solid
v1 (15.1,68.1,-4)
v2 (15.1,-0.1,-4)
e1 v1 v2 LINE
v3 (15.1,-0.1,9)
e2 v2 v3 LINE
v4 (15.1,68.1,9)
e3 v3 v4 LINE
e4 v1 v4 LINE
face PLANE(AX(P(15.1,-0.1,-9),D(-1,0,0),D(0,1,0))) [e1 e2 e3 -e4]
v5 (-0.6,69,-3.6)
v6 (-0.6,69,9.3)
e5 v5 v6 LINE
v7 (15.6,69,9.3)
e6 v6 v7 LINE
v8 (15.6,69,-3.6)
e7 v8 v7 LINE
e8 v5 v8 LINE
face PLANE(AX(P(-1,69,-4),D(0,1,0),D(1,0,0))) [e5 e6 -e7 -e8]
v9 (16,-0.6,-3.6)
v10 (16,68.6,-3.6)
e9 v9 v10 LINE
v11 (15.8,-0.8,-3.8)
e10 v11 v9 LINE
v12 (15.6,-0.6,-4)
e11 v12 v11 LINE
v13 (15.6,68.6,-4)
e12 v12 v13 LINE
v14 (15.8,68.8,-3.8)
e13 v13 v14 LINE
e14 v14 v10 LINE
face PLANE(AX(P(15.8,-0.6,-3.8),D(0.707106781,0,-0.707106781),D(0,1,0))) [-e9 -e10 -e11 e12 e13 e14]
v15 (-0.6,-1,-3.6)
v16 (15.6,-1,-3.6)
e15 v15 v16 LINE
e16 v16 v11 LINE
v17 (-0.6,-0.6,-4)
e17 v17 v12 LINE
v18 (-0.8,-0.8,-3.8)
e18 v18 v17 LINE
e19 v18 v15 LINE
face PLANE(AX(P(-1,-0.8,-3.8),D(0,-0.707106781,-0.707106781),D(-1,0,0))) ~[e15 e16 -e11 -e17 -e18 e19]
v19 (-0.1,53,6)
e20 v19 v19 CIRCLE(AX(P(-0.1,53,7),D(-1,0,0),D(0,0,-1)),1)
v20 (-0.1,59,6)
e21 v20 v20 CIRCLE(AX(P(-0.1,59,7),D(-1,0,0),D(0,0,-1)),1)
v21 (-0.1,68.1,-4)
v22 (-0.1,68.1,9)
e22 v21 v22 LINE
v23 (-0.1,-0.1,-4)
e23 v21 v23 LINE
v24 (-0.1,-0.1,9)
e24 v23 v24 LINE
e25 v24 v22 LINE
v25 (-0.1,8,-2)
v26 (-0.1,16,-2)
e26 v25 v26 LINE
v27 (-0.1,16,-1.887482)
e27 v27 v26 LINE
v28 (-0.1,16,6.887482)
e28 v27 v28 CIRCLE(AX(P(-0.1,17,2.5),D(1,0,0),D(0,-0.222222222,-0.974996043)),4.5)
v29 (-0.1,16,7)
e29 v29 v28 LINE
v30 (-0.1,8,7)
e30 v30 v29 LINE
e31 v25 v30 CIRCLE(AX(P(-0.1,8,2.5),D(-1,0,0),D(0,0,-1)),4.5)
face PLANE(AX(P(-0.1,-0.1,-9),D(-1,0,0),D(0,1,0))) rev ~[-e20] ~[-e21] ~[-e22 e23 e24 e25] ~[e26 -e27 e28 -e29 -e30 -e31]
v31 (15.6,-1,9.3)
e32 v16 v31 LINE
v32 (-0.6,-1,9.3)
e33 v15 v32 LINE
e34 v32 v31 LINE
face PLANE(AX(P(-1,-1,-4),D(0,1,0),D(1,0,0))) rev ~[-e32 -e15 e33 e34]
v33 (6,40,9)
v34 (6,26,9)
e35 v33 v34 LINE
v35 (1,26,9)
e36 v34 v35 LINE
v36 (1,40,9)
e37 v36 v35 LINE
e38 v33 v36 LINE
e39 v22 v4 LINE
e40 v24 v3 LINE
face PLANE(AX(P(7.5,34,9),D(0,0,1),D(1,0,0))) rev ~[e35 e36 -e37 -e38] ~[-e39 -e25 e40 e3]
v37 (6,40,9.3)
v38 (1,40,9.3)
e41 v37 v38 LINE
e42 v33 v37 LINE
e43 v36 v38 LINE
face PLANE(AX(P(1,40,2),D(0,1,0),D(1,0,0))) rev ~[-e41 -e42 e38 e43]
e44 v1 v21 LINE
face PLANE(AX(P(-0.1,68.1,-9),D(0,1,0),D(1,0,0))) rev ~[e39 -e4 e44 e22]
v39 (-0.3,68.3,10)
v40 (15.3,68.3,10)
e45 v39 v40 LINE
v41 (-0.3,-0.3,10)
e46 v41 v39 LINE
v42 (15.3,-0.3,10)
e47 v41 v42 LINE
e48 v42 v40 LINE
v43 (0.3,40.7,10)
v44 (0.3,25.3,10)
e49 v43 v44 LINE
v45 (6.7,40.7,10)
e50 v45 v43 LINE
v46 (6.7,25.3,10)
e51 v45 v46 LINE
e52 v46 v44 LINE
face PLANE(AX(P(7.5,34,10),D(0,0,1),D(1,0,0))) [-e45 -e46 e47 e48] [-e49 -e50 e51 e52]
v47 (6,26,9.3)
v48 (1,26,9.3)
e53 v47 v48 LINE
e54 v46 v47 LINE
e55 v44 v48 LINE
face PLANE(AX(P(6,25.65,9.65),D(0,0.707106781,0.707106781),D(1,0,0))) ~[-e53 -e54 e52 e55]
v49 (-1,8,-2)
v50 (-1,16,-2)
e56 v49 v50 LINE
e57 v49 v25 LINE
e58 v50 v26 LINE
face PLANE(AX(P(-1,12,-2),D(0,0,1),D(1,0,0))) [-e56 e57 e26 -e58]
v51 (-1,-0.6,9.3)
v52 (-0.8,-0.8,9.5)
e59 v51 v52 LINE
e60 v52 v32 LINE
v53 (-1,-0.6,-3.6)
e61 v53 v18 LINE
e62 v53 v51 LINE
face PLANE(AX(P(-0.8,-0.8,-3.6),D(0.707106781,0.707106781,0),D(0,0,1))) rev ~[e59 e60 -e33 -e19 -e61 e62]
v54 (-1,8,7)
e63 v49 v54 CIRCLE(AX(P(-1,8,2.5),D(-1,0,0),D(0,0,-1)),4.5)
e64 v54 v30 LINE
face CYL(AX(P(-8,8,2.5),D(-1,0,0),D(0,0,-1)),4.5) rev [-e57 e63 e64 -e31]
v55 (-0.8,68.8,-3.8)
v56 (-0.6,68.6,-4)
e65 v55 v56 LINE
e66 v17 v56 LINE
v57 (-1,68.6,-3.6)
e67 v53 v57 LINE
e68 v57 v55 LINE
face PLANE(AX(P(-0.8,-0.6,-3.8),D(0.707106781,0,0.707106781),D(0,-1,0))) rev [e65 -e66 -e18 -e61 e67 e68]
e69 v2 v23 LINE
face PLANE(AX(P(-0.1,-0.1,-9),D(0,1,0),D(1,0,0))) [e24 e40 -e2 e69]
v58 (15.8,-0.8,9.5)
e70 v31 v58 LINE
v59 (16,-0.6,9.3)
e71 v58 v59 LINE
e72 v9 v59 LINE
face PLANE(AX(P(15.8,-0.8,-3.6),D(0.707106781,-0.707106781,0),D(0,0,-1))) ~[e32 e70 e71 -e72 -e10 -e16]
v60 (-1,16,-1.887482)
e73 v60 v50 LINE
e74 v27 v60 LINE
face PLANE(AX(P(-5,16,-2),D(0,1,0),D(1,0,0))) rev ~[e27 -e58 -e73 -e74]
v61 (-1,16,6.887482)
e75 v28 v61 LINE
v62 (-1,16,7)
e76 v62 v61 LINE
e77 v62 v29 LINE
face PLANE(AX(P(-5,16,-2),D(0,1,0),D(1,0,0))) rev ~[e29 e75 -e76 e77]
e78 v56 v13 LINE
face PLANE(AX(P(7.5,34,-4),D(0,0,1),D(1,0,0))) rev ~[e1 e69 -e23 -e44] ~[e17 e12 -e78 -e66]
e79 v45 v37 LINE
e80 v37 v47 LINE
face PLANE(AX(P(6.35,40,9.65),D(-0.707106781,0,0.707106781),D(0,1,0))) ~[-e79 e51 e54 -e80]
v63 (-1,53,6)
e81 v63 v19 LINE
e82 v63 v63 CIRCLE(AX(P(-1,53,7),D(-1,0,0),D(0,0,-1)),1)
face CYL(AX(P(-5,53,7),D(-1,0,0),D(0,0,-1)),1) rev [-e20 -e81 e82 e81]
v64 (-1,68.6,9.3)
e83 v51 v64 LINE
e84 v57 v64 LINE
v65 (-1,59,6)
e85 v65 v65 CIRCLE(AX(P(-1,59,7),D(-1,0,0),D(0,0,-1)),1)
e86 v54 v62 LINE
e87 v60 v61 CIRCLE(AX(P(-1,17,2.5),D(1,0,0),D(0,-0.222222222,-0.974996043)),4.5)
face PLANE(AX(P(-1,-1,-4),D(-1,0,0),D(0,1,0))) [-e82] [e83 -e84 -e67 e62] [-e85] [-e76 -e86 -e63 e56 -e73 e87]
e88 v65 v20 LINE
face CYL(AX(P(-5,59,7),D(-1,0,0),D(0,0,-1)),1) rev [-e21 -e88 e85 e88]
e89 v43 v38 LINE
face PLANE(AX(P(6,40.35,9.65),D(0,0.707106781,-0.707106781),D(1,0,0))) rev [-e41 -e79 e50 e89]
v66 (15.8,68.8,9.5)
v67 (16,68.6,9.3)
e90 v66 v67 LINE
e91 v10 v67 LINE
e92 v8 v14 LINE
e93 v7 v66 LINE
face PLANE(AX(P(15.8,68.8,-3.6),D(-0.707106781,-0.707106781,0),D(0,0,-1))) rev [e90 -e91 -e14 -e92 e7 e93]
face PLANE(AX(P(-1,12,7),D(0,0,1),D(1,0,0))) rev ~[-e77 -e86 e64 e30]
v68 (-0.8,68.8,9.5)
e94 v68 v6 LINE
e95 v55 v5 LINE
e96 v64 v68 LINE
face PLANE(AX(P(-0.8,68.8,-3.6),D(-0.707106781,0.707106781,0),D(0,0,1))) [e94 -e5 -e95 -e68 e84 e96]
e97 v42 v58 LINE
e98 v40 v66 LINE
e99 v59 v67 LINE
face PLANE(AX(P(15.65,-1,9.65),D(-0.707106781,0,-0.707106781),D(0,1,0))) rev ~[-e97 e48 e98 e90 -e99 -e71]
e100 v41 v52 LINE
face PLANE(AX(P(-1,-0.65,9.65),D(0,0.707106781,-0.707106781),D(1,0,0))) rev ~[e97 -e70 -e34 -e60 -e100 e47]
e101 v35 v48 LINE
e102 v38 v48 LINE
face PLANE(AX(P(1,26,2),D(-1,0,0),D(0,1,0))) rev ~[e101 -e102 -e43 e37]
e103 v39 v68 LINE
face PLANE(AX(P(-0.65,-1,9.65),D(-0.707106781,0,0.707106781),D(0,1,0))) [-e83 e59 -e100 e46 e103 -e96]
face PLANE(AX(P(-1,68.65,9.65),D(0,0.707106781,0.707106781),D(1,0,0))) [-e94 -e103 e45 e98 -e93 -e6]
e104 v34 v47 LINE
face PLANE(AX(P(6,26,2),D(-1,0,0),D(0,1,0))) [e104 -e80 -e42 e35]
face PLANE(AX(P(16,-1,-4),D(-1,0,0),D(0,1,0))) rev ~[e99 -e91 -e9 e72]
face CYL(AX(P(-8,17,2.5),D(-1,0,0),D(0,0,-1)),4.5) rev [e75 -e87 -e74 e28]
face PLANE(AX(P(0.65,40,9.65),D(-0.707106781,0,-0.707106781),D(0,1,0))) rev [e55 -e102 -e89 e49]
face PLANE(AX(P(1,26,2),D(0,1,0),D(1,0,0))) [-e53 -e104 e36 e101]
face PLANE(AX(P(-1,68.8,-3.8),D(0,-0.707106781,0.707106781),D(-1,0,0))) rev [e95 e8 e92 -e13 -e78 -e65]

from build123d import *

# Parameters (mm, degrees)
BOX004_W          = 8
BOX004_H          = 8
BOX004_DEPTH      = 9
CYLINDER_R        = 1
CYLINDER_DEPTH    = 10
CYLINDER001_R     = 1
CYLINDER001_DEPTH = 10
CYLINDER002_R     = 4.5
CYLINDER002_DEPTH = 12
CYLINDER003_R     = 4.5
CYLINDER003_DEPTH = 12
BOX002_W          = 5
BOX002_H          = 14
BOX002_DEPTH      = 11
BOX_W             = 15.2
BOX_H             = 68.2
BOX_DEPTH         = 18
BOX001_W          = 17
BOX001_H          = 70
BOX001_DEPTH      = 14
CHAMFER_SIZE      = 0.7
CHAMFER001_SIZE   = 0.7
CHAMFER002_SIZE   = 0.4
CHAMFER003_SIZE   = 0.4
CHAMFER004_SIZE   = 0.4


with BuildPart() as cubo003:
    # Box004 → Box004 (new body)
    with BuildSketch(Plane(origin=(-5, 8, -2), x_dir=(1, 0, 0), z_dir=(0, 0, 1))):
        with Locations((4, 4)):
            Rectangle(BOX004_W, BOX004_H)
    extrude(amount=BOX004_DEPTH)


with BuildPart() as led1:
    # Cylinder → Cylinder (new body)
    with BuildSketch(Plane(origin=(-5, 59, 7), x_dir=(0, 0, -1), z_dir=(1, 0, 0))):
        Circle(CYLINDER_R)
    extrude(amount=CYLINDER_DEPTH)


with BuildPart() as cilindro:
    # Cylinder001 → Cylinder001 (new body)
    with BuildSketch(Plane(origin=(-5, 53, 7), x_dir=(0, 0, -1), z_dir=(1, 0, 0))):
        Circle(CYLINDER001_R)
    extrude(amount=CYLINDER001_DEPTH)


with BuildPart() as cilindro001:
    # Cylinder002 → Cylinder002 (new body)
    with BuildSketch(Plane(origin=(-8, 8, 2.5), x_dir=(0, 0, -1), z_dir=(1, 0, 0))):
        Circle(CYLINDER002_R)
    extrude(amount=CYLINDER002_DEPTH)


with BuildPart() as fusion:
    # Cylinder003 → Cylinder003 (new body)
    with BuildSketch(Plane(origin=(-8, 17, 2.5), x_dir=(0, 0, -1), z_dir=(1, 0, 0))):
        Circle(CYLINDER003_R)
    extrude(amount=CYLINDER003_DEPTH)

    # Fusion: union Cilindro001
    add(cilindro001.part)


with BuildPart() as cubo001:
    # Box002 → Box002 (new body)
    with BuildSketch(Plane(origin=(1, 26, 2), x_dir=(1, 0, 0), z_dir=(0, 0, 1))):
        with Locations((2.5, 7)):
            Rectangle(BOX002_W, BOX002_H)
    extrude(amount=BOX002_DEPTH)


with BuildPart() as foroslot:
    # Box → Box (new body)
    with BuildSketch(Plane(origin=(-0.1, -0.1, -9), x_dir=(1, 0, 0), z_dir=(0, 0, 1))):
        with Locations((7.6, 34.1)):
            Rectangle(BOX_W, BOX_H)
    extrude(amount=BOX_DEPTH)


with BuildPart() as cut006:
    # Box001 → Box001 (new body)
    with BuildSketch(Plane(origin=(-1, -1, -4), x_dir=(1, 0, 0), z_dir=(0, 0, 1))):
        with Locations((8.5, 35)):
            Rectangle(BOX001_W, BOX001_H)
    extrude(amount=BOX001_DEPTH)

    # Cut: cut foroSlot
    add(foroslot.part, mode=Mode.SUBTRACT)

    # Cut001: cut Cubo001
    add(cubo001.part, mode=Mode.SUBTRACT)

    # Chamfer
    chamfer_edges = [cut006.edges().sort_by_distance(p)[0] for p in [
        (3.5, 26, 10),
        (6, 33, 10),
        (3.5, 40, 10),
        (1, 33, 10),
    ]]
    chamfer(chamfer_edges, length=CHAMFER_SIZE)

    # Chamfer001
    chamfer001_edges = [cut006.edges().sort_by_distance(p)[0] for p in [
        (-1, 34, 10),
        (7.5, -1, 10),
        (16, 34, 10),
        (7.5, 69, 10),
    ]]
    chamfer(chamfer001_edges, length=CHAMFER001_SIZE)

    # Cut002: cut Fusion
    add(fusion.part, mode=Mode.SUBTRACT)

    # Cut003: cut Cilindro
    add(cilindro.part, mode=Mode.SUBTRACT)

    # Cut004: cut Led1
    add(led1.part, mode=Mode.SUBTRACT)

    # Chamfer002
    chamfer002_edges = [cut006.edges().sort_by_distance(p)[0] for p in [
        (7.5, -1, -4),
        (7.5, 69, -4),
    ]]
    chamfer(chamfer002_edges, length=CHAMFER002_SIZE)

    # Chamfer003
    chamfer003_edges = [cut006.edges().sort_by_distance(p)[0] for p in [
        (-1, 34, -4),
        (16, 34, -4),
    ]]
    chamfer(chamfer003_edges, length=CHAMFER003_SIZE)

    # Chamfer004
    chamfer004_edges = [cut006.edges().sort_by_distance(p)[0] for p in [
        (-1, 69, 2.85),
        (-1, -1, 2.85),
        (16, -1, 2.85),
        (16, 69, 2.85),
    ]]
    chamfer(chamfer004_edges, length=CHAMFER004_SIZE)

    # Cut006: cut Cubo003
    add(cubo003.part, mode=Mode.SUBTRACT)


solid = cut006.part
